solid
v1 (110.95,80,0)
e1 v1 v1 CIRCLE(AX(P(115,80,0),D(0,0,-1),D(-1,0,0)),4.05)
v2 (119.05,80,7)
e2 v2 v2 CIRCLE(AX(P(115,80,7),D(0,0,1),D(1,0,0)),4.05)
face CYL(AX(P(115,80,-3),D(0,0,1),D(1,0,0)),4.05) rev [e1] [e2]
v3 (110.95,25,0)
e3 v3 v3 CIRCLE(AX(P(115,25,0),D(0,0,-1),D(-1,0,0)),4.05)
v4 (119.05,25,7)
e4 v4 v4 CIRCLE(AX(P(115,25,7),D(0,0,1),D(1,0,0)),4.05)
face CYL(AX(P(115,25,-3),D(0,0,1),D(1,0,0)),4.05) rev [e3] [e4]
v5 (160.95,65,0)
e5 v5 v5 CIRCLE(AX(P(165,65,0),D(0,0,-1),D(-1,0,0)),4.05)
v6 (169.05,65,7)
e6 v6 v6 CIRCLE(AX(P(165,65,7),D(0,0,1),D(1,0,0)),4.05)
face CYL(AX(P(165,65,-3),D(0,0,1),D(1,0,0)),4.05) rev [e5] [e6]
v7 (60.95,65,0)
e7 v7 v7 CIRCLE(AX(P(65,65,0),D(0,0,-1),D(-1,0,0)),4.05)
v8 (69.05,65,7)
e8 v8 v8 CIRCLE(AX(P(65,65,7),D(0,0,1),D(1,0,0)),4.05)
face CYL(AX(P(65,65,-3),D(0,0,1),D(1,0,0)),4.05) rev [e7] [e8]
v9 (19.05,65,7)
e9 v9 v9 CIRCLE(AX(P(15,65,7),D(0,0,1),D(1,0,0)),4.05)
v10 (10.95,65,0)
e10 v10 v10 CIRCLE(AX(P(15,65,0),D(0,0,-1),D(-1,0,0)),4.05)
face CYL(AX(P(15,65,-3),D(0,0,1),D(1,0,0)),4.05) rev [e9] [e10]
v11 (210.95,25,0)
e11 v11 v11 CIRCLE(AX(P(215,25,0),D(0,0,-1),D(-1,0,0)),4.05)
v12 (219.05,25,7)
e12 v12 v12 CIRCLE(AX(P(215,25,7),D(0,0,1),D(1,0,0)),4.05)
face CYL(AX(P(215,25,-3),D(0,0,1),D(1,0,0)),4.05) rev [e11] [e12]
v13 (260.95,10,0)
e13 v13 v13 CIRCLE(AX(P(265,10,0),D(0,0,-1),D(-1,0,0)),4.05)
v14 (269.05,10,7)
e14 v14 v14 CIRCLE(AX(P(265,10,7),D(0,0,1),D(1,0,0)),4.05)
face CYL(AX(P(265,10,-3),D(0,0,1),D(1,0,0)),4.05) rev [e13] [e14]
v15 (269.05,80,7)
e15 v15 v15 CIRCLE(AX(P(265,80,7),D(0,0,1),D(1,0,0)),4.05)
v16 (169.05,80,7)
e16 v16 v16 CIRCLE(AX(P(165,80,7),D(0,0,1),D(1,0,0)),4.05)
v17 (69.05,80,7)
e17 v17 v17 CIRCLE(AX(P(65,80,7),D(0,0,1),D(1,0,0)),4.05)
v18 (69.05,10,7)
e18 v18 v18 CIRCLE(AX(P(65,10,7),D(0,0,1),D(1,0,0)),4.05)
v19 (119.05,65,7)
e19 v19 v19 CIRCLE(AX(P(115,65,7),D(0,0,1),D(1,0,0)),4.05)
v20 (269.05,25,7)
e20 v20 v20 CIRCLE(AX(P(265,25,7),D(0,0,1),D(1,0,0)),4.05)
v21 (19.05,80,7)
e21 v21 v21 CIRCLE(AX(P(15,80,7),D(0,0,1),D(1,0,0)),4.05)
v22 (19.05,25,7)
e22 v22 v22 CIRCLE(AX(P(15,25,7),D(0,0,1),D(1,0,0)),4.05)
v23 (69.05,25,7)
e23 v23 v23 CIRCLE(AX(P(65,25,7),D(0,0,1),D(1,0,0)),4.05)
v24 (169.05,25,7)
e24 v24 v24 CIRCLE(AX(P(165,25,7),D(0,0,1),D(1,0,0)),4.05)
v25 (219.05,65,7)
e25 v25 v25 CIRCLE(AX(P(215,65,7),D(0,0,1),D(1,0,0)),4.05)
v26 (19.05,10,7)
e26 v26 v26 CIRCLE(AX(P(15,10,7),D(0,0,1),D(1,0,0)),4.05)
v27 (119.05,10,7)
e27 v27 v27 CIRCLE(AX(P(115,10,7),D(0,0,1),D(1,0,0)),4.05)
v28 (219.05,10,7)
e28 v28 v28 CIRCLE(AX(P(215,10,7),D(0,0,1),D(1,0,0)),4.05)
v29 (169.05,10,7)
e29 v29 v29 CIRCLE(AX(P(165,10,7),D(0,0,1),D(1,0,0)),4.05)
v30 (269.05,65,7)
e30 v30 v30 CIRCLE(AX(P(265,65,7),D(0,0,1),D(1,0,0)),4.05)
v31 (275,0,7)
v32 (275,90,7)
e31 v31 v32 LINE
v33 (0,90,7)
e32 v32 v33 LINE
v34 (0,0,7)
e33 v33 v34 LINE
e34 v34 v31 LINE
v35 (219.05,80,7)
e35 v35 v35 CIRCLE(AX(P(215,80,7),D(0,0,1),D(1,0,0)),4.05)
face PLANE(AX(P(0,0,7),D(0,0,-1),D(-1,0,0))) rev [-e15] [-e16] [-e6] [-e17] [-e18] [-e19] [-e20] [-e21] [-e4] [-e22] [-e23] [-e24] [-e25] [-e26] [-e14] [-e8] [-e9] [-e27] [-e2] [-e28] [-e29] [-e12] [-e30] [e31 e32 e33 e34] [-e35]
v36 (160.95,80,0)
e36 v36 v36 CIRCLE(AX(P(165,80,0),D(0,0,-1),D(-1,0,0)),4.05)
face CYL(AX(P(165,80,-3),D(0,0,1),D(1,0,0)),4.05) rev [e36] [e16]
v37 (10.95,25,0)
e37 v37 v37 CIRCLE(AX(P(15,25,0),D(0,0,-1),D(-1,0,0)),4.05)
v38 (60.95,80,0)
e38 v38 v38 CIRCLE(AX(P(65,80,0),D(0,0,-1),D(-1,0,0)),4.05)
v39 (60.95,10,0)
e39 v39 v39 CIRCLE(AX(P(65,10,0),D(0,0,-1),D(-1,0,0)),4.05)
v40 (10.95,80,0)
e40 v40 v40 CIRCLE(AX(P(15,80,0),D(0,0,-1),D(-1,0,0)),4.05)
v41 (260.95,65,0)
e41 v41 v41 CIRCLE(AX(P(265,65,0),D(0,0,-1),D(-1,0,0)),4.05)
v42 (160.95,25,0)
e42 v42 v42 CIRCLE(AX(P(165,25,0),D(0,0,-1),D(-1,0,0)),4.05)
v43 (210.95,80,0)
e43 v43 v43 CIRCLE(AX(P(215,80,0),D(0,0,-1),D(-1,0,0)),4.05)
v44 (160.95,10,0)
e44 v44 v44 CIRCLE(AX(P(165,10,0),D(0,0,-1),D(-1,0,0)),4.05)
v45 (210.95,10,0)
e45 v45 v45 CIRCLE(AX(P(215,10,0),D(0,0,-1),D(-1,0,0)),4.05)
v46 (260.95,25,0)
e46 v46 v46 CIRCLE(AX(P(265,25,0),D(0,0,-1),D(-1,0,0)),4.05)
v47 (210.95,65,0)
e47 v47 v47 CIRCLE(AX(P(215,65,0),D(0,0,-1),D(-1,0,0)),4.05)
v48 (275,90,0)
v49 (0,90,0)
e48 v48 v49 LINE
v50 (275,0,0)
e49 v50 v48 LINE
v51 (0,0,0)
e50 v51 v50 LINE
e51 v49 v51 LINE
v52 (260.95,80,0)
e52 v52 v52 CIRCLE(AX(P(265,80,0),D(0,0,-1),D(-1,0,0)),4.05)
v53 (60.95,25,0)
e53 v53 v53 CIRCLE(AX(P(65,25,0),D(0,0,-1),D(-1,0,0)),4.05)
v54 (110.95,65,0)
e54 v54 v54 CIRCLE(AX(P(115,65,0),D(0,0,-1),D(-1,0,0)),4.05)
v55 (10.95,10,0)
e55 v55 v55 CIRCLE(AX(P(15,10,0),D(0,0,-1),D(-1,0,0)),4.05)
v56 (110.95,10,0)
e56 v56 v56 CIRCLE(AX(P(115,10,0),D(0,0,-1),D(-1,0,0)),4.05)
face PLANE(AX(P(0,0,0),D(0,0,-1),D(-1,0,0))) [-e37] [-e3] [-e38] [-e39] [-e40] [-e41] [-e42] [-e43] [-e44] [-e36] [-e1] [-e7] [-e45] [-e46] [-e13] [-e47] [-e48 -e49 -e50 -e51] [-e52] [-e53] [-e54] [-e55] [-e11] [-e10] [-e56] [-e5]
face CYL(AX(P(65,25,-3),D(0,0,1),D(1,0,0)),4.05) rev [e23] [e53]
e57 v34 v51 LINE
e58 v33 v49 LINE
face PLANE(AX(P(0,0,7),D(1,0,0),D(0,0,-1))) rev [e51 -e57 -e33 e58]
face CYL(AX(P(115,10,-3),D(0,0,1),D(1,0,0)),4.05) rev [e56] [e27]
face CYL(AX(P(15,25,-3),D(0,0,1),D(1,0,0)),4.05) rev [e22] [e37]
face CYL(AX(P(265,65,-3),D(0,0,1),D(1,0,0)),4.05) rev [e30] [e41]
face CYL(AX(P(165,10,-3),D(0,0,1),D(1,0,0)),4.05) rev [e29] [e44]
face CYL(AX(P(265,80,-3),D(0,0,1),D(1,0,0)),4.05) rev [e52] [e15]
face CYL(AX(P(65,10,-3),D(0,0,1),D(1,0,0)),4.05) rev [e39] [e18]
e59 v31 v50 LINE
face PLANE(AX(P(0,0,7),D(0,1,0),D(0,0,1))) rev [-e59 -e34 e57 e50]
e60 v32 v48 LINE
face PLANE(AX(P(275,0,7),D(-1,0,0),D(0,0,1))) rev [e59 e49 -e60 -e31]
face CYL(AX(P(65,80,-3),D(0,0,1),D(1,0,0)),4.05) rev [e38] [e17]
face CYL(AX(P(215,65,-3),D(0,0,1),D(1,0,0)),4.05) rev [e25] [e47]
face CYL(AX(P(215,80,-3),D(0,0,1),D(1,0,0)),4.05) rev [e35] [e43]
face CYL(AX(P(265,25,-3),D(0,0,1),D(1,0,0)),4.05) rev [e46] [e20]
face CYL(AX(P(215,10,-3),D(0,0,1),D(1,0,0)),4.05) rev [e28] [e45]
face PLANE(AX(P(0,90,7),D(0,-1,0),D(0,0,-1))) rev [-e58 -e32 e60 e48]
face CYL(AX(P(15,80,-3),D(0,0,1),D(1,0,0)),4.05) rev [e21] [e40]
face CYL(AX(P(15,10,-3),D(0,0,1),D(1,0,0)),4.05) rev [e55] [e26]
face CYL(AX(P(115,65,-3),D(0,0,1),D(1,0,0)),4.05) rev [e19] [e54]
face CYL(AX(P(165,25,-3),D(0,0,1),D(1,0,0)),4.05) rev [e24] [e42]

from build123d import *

# Parameters (mm, degrees)
SKETCH1_W           = 275
SKETCH1_H           = 90
BOSS_EXTRUDE1_DEPTH = 7
SKETCH2_R           = 4.05
CUT_EXTRUDE1_DEPTH  = 10


with BuildPart() as part:
    # Sketch1 → Boss-Extrude1 (new body)
    with BuildSketch(Plane.XY):
        with Locations((137.5, 45)):
            Rectangle(SKETCH1_W, SKETCH1_H)
    extrude(amount=BOSS_EXTRUDE1_DEPTH)

    # Sketch2 → Cut-Extrude1 (cut)
    with BuildSketch(Plane.XY.offset(7)):
        with Locations((265, 65)):
            Circle(SKETCH2_R)
        with Locations((265, 25)):
            Circle(SKETCH2_R)
        with Locations((215, 65)):
            Circle(SKETCH2_R)
        with Locations((215, 25)):
            Circle(SKETCH2_R)
        with Locations((165, 65)):
            Circle(SKETCH2_R)
        with Locations((165, 25)):
            Circle(SKETCH2_R)
        with Locations((115, 65)):
            Circle(SKETCH2_R)
        with Locations((115, 25)):
            Circle(SKETCH2_R)
        with Locations((65, 65)):
            Circle(SKETCH2_R)
        with Locations((65, 25)):
            Circle(SKETCH2_R)
        with Locations((265, 80)):
            Circle(SKETCH2_R)
        with Locations((265, 10)):
            Circle(SKETCH2_R)
        with Locations((215, 80)):
            Circle(SKETCH2_R)
        with Locations((215, 10)):
            Circle(SKETCH2_R)
        with Locations((165, 80)):
            Circle(SKETCH2_R)
        with Locations((165, 10)):
            Circle(SKETCH2_R)
        with Locations((115, 80)):
            Circle(SKETCH2_R)
        with Locations((115, 10)):
            Circle(SKETCH2_R)
        with Locations((65, 80)):
            Circle(SKETCH2_R)
        with Locations((65, 10)):
            Circle(SKETCH2_R)
        with Locations((15, 80)):
            Circle(SKETCH2_R)
        with Locations((15, 25)):
            Circle(SKETCH2_R)
        with Locations((15, 10)):
            Circle(SKETCH2_R)
        with Locations((15, 65)):
            Circle(SKETCH2_R)
    extrude(amount=-CUT_EXTRUDE1_DEPTH, mode=Mode.SUBTRACT)


solid = part.part
